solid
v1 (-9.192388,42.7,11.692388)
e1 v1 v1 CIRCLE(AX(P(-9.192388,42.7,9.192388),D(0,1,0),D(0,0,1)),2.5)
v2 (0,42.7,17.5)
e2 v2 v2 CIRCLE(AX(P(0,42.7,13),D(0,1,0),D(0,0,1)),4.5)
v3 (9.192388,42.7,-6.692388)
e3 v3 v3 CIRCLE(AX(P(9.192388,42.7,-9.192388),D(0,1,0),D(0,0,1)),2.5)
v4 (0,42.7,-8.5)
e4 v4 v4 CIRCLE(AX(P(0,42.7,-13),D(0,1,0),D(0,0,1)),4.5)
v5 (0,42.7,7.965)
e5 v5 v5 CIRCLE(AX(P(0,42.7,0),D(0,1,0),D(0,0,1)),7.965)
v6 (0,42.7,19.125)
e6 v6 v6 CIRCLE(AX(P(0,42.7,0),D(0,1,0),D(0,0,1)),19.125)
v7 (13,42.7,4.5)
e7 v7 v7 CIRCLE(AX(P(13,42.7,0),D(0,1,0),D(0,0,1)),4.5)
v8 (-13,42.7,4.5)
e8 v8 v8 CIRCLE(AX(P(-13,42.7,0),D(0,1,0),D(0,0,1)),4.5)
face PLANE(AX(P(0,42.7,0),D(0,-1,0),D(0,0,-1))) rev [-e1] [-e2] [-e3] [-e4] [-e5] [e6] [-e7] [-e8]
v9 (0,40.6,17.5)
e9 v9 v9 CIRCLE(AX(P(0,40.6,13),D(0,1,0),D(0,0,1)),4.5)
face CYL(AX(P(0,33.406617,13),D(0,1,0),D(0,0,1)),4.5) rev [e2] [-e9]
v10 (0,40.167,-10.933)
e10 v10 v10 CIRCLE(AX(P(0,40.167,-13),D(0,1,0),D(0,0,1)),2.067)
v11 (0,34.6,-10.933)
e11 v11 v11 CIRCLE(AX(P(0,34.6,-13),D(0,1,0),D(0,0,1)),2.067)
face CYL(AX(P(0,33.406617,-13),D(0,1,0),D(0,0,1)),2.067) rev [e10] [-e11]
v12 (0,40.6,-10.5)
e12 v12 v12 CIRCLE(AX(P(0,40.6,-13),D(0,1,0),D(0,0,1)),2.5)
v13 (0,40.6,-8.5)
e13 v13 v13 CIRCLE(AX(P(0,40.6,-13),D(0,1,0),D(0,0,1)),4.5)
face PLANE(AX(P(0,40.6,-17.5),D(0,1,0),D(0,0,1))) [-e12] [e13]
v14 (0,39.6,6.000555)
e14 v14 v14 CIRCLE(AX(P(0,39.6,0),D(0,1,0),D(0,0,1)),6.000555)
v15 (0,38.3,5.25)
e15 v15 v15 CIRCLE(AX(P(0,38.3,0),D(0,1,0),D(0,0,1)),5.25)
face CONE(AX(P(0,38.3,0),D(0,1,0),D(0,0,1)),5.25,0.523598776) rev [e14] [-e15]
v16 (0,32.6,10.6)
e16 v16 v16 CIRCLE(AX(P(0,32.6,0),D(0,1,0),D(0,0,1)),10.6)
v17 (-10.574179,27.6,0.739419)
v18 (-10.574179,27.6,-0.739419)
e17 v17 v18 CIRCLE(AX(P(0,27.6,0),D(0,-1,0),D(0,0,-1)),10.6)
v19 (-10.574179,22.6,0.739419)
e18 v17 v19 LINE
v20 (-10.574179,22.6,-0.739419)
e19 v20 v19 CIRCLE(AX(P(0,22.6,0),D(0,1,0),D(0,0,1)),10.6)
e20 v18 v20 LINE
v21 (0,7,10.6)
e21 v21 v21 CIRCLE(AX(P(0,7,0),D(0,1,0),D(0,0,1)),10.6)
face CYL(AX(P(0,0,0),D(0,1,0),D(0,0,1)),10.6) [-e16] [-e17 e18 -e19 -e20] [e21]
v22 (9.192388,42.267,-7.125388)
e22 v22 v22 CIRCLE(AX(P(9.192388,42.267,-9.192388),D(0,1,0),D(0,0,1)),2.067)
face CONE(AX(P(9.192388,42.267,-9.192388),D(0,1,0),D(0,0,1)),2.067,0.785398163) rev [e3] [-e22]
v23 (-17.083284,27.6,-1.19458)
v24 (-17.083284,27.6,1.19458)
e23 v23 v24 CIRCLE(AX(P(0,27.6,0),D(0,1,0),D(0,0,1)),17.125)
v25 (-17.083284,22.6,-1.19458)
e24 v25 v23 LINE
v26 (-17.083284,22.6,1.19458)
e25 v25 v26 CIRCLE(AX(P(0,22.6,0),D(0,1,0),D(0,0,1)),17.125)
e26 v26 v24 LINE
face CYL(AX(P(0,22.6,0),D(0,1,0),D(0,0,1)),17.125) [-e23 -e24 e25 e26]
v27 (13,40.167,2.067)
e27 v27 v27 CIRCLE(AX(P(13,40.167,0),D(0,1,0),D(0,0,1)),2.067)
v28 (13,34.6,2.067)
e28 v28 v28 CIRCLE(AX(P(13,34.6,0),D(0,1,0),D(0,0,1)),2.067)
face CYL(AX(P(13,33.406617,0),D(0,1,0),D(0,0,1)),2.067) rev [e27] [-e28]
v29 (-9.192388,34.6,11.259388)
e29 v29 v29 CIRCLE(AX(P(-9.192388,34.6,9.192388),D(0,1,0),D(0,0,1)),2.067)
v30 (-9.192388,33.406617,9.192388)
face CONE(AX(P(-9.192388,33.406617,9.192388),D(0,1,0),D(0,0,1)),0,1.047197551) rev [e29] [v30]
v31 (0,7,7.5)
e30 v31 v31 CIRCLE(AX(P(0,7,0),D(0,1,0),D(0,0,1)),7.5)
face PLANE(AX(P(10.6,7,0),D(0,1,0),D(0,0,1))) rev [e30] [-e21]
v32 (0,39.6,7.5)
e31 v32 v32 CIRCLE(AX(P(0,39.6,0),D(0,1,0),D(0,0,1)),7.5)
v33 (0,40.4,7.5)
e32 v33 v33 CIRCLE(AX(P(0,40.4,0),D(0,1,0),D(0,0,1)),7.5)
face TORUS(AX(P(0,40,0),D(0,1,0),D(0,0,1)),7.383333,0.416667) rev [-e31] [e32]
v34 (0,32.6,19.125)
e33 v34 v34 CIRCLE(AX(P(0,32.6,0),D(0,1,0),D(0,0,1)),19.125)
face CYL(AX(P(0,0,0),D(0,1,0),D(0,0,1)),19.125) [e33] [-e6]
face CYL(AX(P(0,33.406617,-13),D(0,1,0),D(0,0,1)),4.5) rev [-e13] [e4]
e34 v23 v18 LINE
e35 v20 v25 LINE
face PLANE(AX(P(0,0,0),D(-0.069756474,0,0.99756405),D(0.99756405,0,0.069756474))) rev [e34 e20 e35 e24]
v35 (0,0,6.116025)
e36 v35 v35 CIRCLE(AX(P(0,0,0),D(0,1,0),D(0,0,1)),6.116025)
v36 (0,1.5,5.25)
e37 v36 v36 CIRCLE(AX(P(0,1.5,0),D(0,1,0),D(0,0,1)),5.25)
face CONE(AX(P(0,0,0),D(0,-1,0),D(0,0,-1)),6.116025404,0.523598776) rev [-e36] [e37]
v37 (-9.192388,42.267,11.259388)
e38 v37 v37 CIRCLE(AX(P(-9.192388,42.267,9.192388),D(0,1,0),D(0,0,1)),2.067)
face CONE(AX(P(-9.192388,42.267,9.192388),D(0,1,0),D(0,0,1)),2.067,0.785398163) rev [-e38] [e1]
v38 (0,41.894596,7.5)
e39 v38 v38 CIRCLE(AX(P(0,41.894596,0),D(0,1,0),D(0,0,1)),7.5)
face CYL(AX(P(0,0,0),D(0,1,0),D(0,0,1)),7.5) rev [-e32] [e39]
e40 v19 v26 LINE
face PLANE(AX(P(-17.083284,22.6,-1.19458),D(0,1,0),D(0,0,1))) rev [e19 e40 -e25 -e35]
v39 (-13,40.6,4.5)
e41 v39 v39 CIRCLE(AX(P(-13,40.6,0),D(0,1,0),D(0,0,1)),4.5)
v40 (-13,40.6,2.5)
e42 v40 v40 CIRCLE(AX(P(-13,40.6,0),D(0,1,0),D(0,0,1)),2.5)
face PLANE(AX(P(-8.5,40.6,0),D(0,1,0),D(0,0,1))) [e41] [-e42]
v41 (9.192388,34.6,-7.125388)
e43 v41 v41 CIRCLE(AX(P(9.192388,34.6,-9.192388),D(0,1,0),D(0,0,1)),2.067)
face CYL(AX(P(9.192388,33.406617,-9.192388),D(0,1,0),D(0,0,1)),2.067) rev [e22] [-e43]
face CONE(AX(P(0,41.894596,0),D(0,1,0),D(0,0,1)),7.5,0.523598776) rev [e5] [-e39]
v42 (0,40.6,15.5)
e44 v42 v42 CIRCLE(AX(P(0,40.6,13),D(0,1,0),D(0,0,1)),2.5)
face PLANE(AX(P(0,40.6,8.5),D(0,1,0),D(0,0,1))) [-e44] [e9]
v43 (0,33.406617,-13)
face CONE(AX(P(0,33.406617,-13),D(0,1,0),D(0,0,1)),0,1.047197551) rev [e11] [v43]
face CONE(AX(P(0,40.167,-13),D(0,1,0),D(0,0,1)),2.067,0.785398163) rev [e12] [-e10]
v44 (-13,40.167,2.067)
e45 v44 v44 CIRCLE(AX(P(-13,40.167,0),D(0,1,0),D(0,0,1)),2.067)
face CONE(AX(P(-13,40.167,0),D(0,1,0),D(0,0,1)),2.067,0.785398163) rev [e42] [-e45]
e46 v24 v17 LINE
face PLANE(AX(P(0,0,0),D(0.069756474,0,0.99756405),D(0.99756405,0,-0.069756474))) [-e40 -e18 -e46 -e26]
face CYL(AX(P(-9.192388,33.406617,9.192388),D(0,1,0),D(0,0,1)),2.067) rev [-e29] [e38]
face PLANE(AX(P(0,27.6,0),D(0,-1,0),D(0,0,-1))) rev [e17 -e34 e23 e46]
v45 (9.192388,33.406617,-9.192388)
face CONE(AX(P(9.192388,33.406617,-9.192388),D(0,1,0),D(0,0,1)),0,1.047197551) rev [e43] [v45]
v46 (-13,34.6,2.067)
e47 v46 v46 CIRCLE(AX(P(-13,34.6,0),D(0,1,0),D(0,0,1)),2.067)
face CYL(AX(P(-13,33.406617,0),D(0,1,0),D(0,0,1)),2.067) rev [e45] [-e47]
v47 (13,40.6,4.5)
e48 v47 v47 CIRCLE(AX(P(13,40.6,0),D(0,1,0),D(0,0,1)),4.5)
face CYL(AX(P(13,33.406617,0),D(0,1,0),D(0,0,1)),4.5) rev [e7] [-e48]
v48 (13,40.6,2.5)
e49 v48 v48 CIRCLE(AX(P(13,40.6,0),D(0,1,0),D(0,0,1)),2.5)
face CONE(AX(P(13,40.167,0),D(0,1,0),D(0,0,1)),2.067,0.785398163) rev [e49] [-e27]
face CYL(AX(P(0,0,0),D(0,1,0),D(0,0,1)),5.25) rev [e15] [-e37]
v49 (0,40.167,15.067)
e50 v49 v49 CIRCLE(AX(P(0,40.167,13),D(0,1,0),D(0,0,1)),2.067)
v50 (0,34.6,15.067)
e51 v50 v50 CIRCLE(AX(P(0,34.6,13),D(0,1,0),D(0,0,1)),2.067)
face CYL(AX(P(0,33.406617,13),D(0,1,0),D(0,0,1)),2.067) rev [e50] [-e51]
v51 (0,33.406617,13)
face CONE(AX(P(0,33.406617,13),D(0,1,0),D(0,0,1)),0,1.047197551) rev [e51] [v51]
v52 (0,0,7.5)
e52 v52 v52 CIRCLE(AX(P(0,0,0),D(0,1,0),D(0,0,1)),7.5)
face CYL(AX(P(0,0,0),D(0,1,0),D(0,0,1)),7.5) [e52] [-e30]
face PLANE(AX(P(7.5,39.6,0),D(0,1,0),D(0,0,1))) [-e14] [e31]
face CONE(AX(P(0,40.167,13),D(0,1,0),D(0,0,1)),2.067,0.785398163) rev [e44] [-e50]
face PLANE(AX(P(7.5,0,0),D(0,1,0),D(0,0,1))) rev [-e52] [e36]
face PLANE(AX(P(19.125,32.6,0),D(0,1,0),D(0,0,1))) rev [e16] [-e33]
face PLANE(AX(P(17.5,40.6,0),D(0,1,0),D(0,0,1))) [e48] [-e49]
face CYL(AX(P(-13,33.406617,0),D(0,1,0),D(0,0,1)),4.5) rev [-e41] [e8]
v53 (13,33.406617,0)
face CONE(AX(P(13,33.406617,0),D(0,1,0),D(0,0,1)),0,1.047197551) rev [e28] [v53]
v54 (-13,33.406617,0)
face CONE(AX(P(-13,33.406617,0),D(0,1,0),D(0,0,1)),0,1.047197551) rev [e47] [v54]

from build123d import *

# Parameters (mm, degrees)
SKETCH2_W                = 17.125
SKETCH2_H                = 5
REVOLVE2_ANGLE           = 4
REVOLVE2_OTHER_WAY_ANGLE = 4


with BuildPart() as part:
    # Sketch1 → Revolve1 (revolve)
    with BuildSketch(Plane.XY):
        Polygon((0, 42.7), (19.125, 42.7), (19.125, 32.6), (10.6, 32.6), (10.6, 7), (7.5, 7), (7.5, 0), (0, 0), align=None)
    revolve(axis=Axis((0, 0, 0), (0, 1, 0)))

    # Sketch2 → Revolve2 (revolve)
    with BuildSketch(Plane(origin=(0, 0, 0), x_dir=(-1, 0, 0), z_dir=(0, 0, -1))):
        with Locations((8.5625, 25.1)):
            Rectangle(SKETCH2_W, SKETCH2_H)
    revolve(axis=Axis((0, 22.6, 0), (0, -1, 0)), revolution_arc=REVOLVE2_ANGLE)

    # Sketch2 → Revolve2 other way (revolve)
    with BuildSketch(Plane(origin=(0, 0, 0), x_dir=(-1, 0, 0), z_dir=(0, 0, -1))):
        with Locations((8.5625, 25.1)):
            Rectangle(SKETCH2_W, SKETCH2_H)
    revolve(axis=Axis((0, 22.6, 0), (0, 1, 0)), revolution_arc=REVOLVE2_OTHER_WAY_ANGLE)

    # Sketch3 → Cut-Revolve1 (revolve, cut)
    with BuildSketch(Plane.XY):
        with BuildLine():
            Line((0, 42.7), (7.965, 42.7))
            Line((7.965, 42.7), (7.5, 41.894596374))
            Line((7.5, 41.894596374), (7.5, 40.4))
            ThreePointArc((7.5, 40.4), (7.8, 40), (7.5, 39.6))
            Line((7.5, 39.6), (6.00055535, 39.6))
            Line((6.00055535, 39.6), (5.25, 38.3))
            Line((5.25, 38.3), (5.25, 1.5))
            Line((5.25, 1.5), (6.116025404, 0))
            Line((6.116025404, 0), (0, 0))
            Line((0, 0), (0, 42.7))
        make_face()
    revolve(axis=Axis((0, 0, 0), (0, 1, 0)), mode=Mode.SUBTRACT)

    # Sketch4 → Cut-Revolve2 (revolve, cut)
    with BuildSketch(Plane.XY):
        Polygon((13, 42.7), (17.5, 42.7), (17.5, 40.6), (15.5, 40.6), (15.067, 40.167), (15.067, 34.6), (13, 33.406616994), align=None)
    revolve(axis=Axis((13, 33.406616994, 0), (0, 1, 0)), mode=Mode.SUBTRACT)

    # Sketch5 → Cut-Revolve3 (revolve, cut)
    with BuildSketch(Plane.XY):
        Polygon((-13, 42.7), (-8.5, 42.7), (-8.5, 40.6), (-10.5, 40.6), (-10.933, 40.167), (-10.933, 34.6), (-13, 33.406616994), align=None)
    revolve(axis=Axis((-13, 33.406616994, 0), (0, 1, 0)), mode=Mode.SUBTRACT)

    # Sketch6 → Cut-Revolve4 (revolve, cut)
    with BuildSketch(Plane(origin=(0, 0, 0), x_dir=(0, 0, -1), z_dir=(1, 0, 0))):
        Polygon((13, 42.7), (17.5, 42.7), (17.5, 40.6), (15.5, 40.6), (15.067, 40.167), (15.067, 34.6), (13, 33.406616994), align=None)
    revolve(axis=Axis((0, 33.406616994, -13), (0, 1, 0)), mode=Mode.SUBTRACT)

    # Sketch7 → Cut-Revolve5 (revolve, cut)
    with BuildSketch(Plane(origin=(0, 0, 0), x_dir=(0, 0, -1), z_dir=(1, 0, 0))):
        Polygon((-13, 42.7), (-8.5, 42.7), (-8.5, 40.6), (-10.5, 40.6), (-10.933, 40.167), (-10.933, 34.6), (-13, 33.406616994), align=None)
    revolve(axis=Axis((0, 33.406616994, 13), (0, 1, 0)), mode=Mode.SUBTRACT)

    # Sketch8 → Cut-Revolve6 (revolve, cut)
    with BuildSketch(Plane(origin=(0, 0, 0), x_dir=(0.7071067811865475, 0, -0.7071067811865477), z_dir=(0.7071067811865477, 0, 0.7071067811865475))):
        Polygon((13, 42.7), (15.5, 42.7), (15.067, 42.267), (15.067, 34.6), (13, 33.406616994), align=None)
    revolve(axis=Axis((9.192388155, 33.406616994, -9.192388155), (0, 1, 0)), mode=Mode.SUBTRACT)

    # Sketch9 → Cut-Revolve7 (revolve, cut)
    with BuildSketch(Plane(origin=(0, 0, 0), x_dir=(0.7071067811865475, 0, -0.7071067811865477), z_dir=(0.7071067811865477, 0, 0.7071067811865475))):
        Polygon((-13, 42.7), (-10.5, 42.7), (-10.933, 42.267), (-10.933, 34.6), (-13, 33.406616994), align=None)
    revolve(axis=Axis((-9.192388155, 33.406616994, 9.192388155), (0, 1, 0)), mode=Mode.SUBTRACT)


solid = part.part
